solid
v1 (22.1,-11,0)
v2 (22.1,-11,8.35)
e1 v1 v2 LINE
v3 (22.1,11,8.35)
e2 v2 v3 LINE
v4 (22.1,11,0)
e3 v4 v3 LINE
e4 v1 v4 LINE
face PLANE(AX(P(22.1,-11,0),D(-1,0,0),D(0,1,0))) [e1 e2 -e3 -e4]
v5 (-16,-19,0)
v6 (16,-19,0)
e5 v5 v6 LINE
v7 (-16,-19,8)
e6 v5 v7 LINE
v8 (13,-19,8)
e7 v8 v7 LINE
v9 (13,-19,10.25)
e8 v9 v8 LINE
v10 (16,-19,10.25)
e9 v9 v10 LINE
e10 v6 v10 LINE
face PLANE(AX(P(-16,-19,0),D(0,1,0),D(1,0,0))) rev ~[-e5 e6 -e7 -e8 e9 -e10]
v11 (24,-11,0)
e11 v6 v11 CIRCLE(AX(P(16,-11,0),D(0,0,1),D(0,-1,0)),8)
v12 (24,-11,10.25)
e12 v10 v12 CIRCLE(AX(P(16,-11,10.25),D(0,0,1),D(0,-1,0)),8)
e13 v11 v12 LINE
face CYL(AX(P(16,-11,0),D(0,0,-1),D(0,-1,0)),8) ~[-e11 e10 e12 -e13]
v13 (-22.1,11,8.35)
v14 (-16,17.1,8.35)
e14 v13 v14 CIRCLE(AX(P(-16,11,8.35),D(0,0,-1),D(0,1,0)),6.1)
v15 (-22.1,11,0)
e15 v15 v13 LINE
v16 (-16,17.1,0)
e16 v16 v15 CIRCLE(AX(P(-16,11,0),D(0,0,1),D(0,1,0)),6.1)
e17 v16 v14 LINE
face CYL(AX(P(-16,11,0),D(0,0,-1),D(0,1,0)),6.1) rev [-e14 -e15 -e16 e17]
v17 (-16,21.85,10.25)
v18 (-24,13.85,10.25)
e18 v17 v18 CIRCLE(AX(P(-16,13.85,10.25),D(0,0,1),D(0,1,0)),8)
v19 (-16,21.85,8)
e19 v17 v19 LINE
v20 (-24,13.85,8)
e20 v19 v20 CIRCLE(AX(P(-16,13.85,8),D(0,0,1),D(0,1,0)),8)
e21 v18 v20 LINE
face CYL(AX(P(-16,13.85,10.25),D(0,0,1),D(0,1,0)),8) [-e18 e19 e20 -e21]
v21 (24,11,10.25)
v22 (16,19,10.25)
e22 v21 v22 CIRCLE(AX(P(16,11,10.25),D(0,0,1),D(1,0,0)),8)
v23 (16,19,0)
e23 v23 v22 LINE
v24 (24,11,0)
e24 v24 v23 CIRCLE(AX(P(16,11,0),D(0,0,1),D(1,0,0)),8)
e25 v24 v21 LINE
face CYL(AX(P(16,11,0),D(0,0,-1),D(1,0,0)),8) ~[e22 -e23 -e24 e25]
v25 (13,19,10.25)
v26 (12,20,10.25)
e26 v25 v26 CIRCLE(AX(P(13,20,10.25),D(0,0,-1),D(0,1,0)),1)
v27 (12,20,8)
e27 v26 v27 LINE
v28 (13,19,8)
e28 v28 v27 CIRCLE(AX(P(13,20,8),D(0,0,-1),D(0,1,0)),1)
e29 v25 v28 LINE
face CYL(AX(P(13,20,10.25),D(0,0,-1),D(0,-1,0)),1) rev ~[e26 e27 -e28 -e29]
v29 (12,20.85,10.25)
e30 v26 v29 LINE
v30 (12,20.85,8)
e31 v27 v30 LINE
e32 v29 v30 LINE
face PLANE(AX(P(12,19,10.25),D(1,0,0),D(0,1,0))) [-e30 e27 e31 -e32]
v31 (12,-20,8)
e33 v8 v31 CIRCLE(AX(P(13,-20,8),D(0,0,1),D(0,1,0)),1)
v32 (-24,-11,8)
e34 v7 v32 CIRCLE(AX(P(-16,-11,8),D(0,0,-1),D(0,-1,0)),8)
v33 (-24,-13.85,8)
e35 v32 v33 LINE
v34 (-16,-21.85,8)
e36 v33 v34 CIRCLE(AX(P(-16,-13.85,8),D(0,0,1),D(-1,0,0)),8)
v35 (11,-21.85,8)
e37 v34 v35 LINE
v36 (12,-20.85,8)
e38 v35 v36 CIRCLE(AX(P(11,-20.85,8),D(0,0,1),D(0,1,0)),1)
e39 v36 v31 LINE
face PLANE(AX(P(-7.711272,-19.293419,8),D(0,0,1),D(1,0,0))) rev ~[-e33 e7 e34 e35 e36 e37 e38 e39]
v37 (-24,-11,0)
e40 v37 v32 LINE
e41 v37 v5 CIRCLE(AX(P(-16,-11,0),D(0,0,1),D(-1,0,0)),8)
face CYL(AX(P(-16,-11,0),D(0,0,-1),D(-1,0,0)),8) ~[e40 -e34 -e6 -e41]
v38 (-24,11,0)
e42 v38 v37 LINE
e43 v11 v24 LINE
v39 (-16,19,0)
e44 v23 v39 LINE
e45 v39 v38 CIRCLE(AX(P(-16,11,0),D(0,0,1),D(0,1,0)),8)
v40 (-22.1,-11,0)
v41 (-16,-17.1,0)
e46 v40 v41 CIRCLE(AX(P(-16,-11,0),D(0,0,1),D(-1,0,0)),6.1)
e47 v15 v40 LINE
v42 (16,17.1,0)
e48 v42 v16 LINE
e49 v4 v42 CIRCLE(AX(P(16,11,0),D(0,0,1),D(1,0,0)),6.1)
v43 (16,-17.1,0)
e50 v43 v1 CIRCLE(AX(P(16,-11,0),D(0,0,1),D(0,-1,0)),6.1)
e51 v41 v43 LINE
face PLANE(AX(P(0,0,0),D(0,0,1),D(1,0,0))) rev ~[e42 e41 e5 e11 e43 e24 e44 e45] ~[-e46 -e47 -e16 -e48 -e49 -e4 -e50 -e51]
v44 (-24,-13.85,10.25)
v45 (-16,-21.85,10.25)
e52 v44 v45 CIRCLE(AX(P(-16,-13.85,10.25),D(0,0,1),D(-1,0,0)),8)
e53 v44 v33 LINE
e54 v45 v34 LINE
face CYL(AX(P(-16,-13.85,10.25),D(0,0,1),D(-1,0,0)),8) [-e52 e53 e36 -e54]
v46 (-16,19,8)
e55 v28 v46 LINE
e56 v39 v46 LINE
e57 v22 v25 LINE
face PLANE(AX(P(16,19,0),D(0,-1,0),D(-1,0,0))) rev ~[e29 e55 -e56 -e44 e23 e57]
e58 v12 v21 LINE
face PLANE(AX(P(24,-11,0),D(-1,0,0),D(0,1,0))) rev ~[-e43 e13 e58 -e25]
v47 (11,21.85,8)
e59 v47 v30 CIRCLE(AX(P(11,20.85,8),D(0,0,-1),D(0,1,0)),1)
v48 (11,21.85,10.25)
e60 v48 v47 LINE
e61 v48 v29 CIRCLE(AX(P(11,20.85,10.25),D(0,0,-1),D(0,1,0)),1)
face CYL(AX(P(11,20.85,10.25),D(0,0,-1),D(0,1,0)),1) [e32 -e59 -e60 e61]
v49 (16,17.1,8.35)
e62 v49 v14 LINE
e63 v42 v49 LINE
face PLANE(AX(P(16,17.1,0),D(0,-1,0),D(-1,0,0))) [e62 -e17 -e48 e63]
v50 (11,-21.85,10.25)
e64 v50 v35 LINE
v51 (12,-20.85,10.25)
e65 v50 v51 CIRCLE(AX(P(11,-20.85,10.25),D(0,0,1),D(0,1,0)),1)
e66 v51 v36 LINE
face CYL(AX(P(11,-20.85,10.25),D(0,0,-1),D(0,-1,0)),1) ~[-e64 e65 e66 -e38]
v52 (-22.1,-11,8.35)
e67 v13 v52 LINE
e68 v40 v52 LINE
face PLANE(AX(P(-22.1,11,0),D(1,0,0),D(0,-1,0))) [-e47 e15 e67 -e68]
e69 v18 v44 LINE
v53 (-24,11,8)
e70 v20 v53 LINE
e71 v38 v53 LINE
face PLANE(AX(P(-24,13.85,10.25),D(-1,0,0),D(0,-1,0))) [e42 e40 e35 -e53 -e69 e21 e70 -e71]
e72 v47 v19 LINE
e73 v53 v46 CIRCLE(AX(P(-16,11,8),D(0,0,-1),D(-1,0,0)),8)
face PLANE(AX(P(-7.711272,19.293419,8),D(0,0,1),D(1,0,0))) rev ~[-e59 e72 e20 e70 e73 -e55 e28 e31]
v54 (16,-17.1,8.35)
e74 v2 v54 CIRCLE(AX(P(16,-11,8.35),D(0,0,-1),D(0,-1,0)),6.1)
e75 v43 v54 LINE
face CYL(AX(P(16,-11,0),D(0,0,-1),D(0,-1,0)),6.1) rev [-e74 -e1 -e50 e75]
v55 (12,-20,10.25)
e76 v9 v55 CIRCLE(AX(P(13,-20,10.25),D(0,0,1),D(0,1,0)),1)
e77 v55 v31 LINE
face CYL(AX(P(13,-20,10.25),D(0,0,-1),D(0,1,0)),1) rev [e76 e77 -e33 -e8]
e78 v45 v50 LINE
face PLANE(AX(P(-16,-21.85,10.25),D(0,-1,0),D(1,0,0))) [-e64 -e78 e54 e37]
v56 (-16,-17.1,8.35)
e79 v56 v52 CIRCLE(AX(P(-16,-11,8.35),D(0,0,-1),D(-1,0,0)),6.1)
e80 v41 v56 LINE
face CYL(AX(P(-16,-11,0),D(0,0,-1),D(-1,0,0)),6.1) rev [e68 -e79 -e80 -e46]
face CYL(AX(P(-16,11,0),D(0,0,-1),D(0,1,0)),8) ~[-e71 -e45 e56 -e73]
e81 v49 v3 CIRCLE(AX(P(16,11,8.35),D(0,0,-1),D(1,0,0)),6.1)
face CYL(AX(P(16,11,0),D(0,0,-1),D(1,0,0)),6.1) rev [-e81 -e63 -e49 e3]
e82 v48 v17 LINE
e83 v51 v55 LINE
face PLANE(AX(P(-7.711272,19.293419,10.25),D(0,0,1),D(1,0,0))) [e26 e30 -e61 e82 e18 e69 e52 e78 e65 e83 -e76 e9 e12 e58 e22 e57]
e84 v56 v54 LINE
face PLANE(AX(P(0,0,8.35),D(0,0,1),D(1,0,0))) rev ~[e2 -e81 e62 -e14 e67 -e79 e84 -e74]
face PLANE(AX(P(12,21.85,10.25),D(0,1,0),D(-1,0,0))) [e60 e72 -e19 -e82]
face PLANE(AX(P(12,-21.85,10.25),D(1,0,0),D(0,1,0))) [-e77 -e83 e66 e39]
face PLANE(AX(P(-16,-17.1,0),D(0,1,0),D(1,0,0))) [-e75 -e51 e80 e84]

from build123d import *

# Parameters (mm, degrees)
F1_DEPTH = 10.25
F2_T     = -1.9
F4_DEPTH = 2.25
F5_R     = 1


with BuildPart() as f1:
    # F0 (on Top) → F1 (new body)
    with BuildSketch(Plane.XY):
        with BuildLine():
            Line((16, 19), (-16, 19))
            ThreePointArc((-16, 19), (-21.6568542495, 16.6568542495), (-24, 11))
            Line((-24, 11), (-24, -11))
            ThreePointArc((-24, -11), (-21.6568542495, -16.6568542495), (-16, -19))
            Line((-16, -19), (16, -19))
            ThreePointArc((16, -19), (21.6568542495, -16.6568542495), (24, -11))
            Line((24, -11), (24, 11))
            ThreePointArc((24, 11), (21.6568542495, 16.6568542495), (16, 19))
        make_face()
    extrude(amount=F1_DEPTH)

    # F2
    f2_openings = [f1.faces().sort_by_distance(p)[0] for p in [
        (0, 0, 0),
    ]]
    offset(amount=F2_T, openings=f2_openings)

    # F3 (on face) → F4 (join)
    with BuildSketch(Plane.XY.offset(10.25)):
        with BuildLine():
            Line((12, 21.85), (-16, 21.85))
            ThreePointArc((-16, 21.85), (-21.6568542495, 19.5068542495), (-24, 13.85))
            Line((-24, 13.85), (-24, 11))
            ThreePointArc((-24, 11), (-21.6568542495, 16.6568542495), (-16, 19))
            Line((-16, 19), (12, 19))
            Line((12, 19), (12, 21.85))
        make_face()
        with BuildLine():
            Line((12, -21.85), (12, -19))
            Line((12, -19), (-16, -19))
            ThreePointArc((-16, -19), (-21.6568542495, -16.6568542495), (-24, -11))
            Line((-24, -11), (-24, -13.85))
            ThreePointArc((-24, -13.85), (-21.6568542495, -19.5068542495), (-16, -21.85))
            Line((-16, -21.85), (12, -21.85))
        make_face()
    extrude(amount=-F4_DEPTH)

    # F5
    f5_edges = [f1.edges().sort_by_distance(p)[0] for p in [
        (12, 19, 9.125),
        (12, 21.85, 9.125),
        (12, -19, 9.125),
        (12, -21.85, 9.125),
    ]]
    fillet(f5_edges, radius=F5_R)


solid = f1.part
